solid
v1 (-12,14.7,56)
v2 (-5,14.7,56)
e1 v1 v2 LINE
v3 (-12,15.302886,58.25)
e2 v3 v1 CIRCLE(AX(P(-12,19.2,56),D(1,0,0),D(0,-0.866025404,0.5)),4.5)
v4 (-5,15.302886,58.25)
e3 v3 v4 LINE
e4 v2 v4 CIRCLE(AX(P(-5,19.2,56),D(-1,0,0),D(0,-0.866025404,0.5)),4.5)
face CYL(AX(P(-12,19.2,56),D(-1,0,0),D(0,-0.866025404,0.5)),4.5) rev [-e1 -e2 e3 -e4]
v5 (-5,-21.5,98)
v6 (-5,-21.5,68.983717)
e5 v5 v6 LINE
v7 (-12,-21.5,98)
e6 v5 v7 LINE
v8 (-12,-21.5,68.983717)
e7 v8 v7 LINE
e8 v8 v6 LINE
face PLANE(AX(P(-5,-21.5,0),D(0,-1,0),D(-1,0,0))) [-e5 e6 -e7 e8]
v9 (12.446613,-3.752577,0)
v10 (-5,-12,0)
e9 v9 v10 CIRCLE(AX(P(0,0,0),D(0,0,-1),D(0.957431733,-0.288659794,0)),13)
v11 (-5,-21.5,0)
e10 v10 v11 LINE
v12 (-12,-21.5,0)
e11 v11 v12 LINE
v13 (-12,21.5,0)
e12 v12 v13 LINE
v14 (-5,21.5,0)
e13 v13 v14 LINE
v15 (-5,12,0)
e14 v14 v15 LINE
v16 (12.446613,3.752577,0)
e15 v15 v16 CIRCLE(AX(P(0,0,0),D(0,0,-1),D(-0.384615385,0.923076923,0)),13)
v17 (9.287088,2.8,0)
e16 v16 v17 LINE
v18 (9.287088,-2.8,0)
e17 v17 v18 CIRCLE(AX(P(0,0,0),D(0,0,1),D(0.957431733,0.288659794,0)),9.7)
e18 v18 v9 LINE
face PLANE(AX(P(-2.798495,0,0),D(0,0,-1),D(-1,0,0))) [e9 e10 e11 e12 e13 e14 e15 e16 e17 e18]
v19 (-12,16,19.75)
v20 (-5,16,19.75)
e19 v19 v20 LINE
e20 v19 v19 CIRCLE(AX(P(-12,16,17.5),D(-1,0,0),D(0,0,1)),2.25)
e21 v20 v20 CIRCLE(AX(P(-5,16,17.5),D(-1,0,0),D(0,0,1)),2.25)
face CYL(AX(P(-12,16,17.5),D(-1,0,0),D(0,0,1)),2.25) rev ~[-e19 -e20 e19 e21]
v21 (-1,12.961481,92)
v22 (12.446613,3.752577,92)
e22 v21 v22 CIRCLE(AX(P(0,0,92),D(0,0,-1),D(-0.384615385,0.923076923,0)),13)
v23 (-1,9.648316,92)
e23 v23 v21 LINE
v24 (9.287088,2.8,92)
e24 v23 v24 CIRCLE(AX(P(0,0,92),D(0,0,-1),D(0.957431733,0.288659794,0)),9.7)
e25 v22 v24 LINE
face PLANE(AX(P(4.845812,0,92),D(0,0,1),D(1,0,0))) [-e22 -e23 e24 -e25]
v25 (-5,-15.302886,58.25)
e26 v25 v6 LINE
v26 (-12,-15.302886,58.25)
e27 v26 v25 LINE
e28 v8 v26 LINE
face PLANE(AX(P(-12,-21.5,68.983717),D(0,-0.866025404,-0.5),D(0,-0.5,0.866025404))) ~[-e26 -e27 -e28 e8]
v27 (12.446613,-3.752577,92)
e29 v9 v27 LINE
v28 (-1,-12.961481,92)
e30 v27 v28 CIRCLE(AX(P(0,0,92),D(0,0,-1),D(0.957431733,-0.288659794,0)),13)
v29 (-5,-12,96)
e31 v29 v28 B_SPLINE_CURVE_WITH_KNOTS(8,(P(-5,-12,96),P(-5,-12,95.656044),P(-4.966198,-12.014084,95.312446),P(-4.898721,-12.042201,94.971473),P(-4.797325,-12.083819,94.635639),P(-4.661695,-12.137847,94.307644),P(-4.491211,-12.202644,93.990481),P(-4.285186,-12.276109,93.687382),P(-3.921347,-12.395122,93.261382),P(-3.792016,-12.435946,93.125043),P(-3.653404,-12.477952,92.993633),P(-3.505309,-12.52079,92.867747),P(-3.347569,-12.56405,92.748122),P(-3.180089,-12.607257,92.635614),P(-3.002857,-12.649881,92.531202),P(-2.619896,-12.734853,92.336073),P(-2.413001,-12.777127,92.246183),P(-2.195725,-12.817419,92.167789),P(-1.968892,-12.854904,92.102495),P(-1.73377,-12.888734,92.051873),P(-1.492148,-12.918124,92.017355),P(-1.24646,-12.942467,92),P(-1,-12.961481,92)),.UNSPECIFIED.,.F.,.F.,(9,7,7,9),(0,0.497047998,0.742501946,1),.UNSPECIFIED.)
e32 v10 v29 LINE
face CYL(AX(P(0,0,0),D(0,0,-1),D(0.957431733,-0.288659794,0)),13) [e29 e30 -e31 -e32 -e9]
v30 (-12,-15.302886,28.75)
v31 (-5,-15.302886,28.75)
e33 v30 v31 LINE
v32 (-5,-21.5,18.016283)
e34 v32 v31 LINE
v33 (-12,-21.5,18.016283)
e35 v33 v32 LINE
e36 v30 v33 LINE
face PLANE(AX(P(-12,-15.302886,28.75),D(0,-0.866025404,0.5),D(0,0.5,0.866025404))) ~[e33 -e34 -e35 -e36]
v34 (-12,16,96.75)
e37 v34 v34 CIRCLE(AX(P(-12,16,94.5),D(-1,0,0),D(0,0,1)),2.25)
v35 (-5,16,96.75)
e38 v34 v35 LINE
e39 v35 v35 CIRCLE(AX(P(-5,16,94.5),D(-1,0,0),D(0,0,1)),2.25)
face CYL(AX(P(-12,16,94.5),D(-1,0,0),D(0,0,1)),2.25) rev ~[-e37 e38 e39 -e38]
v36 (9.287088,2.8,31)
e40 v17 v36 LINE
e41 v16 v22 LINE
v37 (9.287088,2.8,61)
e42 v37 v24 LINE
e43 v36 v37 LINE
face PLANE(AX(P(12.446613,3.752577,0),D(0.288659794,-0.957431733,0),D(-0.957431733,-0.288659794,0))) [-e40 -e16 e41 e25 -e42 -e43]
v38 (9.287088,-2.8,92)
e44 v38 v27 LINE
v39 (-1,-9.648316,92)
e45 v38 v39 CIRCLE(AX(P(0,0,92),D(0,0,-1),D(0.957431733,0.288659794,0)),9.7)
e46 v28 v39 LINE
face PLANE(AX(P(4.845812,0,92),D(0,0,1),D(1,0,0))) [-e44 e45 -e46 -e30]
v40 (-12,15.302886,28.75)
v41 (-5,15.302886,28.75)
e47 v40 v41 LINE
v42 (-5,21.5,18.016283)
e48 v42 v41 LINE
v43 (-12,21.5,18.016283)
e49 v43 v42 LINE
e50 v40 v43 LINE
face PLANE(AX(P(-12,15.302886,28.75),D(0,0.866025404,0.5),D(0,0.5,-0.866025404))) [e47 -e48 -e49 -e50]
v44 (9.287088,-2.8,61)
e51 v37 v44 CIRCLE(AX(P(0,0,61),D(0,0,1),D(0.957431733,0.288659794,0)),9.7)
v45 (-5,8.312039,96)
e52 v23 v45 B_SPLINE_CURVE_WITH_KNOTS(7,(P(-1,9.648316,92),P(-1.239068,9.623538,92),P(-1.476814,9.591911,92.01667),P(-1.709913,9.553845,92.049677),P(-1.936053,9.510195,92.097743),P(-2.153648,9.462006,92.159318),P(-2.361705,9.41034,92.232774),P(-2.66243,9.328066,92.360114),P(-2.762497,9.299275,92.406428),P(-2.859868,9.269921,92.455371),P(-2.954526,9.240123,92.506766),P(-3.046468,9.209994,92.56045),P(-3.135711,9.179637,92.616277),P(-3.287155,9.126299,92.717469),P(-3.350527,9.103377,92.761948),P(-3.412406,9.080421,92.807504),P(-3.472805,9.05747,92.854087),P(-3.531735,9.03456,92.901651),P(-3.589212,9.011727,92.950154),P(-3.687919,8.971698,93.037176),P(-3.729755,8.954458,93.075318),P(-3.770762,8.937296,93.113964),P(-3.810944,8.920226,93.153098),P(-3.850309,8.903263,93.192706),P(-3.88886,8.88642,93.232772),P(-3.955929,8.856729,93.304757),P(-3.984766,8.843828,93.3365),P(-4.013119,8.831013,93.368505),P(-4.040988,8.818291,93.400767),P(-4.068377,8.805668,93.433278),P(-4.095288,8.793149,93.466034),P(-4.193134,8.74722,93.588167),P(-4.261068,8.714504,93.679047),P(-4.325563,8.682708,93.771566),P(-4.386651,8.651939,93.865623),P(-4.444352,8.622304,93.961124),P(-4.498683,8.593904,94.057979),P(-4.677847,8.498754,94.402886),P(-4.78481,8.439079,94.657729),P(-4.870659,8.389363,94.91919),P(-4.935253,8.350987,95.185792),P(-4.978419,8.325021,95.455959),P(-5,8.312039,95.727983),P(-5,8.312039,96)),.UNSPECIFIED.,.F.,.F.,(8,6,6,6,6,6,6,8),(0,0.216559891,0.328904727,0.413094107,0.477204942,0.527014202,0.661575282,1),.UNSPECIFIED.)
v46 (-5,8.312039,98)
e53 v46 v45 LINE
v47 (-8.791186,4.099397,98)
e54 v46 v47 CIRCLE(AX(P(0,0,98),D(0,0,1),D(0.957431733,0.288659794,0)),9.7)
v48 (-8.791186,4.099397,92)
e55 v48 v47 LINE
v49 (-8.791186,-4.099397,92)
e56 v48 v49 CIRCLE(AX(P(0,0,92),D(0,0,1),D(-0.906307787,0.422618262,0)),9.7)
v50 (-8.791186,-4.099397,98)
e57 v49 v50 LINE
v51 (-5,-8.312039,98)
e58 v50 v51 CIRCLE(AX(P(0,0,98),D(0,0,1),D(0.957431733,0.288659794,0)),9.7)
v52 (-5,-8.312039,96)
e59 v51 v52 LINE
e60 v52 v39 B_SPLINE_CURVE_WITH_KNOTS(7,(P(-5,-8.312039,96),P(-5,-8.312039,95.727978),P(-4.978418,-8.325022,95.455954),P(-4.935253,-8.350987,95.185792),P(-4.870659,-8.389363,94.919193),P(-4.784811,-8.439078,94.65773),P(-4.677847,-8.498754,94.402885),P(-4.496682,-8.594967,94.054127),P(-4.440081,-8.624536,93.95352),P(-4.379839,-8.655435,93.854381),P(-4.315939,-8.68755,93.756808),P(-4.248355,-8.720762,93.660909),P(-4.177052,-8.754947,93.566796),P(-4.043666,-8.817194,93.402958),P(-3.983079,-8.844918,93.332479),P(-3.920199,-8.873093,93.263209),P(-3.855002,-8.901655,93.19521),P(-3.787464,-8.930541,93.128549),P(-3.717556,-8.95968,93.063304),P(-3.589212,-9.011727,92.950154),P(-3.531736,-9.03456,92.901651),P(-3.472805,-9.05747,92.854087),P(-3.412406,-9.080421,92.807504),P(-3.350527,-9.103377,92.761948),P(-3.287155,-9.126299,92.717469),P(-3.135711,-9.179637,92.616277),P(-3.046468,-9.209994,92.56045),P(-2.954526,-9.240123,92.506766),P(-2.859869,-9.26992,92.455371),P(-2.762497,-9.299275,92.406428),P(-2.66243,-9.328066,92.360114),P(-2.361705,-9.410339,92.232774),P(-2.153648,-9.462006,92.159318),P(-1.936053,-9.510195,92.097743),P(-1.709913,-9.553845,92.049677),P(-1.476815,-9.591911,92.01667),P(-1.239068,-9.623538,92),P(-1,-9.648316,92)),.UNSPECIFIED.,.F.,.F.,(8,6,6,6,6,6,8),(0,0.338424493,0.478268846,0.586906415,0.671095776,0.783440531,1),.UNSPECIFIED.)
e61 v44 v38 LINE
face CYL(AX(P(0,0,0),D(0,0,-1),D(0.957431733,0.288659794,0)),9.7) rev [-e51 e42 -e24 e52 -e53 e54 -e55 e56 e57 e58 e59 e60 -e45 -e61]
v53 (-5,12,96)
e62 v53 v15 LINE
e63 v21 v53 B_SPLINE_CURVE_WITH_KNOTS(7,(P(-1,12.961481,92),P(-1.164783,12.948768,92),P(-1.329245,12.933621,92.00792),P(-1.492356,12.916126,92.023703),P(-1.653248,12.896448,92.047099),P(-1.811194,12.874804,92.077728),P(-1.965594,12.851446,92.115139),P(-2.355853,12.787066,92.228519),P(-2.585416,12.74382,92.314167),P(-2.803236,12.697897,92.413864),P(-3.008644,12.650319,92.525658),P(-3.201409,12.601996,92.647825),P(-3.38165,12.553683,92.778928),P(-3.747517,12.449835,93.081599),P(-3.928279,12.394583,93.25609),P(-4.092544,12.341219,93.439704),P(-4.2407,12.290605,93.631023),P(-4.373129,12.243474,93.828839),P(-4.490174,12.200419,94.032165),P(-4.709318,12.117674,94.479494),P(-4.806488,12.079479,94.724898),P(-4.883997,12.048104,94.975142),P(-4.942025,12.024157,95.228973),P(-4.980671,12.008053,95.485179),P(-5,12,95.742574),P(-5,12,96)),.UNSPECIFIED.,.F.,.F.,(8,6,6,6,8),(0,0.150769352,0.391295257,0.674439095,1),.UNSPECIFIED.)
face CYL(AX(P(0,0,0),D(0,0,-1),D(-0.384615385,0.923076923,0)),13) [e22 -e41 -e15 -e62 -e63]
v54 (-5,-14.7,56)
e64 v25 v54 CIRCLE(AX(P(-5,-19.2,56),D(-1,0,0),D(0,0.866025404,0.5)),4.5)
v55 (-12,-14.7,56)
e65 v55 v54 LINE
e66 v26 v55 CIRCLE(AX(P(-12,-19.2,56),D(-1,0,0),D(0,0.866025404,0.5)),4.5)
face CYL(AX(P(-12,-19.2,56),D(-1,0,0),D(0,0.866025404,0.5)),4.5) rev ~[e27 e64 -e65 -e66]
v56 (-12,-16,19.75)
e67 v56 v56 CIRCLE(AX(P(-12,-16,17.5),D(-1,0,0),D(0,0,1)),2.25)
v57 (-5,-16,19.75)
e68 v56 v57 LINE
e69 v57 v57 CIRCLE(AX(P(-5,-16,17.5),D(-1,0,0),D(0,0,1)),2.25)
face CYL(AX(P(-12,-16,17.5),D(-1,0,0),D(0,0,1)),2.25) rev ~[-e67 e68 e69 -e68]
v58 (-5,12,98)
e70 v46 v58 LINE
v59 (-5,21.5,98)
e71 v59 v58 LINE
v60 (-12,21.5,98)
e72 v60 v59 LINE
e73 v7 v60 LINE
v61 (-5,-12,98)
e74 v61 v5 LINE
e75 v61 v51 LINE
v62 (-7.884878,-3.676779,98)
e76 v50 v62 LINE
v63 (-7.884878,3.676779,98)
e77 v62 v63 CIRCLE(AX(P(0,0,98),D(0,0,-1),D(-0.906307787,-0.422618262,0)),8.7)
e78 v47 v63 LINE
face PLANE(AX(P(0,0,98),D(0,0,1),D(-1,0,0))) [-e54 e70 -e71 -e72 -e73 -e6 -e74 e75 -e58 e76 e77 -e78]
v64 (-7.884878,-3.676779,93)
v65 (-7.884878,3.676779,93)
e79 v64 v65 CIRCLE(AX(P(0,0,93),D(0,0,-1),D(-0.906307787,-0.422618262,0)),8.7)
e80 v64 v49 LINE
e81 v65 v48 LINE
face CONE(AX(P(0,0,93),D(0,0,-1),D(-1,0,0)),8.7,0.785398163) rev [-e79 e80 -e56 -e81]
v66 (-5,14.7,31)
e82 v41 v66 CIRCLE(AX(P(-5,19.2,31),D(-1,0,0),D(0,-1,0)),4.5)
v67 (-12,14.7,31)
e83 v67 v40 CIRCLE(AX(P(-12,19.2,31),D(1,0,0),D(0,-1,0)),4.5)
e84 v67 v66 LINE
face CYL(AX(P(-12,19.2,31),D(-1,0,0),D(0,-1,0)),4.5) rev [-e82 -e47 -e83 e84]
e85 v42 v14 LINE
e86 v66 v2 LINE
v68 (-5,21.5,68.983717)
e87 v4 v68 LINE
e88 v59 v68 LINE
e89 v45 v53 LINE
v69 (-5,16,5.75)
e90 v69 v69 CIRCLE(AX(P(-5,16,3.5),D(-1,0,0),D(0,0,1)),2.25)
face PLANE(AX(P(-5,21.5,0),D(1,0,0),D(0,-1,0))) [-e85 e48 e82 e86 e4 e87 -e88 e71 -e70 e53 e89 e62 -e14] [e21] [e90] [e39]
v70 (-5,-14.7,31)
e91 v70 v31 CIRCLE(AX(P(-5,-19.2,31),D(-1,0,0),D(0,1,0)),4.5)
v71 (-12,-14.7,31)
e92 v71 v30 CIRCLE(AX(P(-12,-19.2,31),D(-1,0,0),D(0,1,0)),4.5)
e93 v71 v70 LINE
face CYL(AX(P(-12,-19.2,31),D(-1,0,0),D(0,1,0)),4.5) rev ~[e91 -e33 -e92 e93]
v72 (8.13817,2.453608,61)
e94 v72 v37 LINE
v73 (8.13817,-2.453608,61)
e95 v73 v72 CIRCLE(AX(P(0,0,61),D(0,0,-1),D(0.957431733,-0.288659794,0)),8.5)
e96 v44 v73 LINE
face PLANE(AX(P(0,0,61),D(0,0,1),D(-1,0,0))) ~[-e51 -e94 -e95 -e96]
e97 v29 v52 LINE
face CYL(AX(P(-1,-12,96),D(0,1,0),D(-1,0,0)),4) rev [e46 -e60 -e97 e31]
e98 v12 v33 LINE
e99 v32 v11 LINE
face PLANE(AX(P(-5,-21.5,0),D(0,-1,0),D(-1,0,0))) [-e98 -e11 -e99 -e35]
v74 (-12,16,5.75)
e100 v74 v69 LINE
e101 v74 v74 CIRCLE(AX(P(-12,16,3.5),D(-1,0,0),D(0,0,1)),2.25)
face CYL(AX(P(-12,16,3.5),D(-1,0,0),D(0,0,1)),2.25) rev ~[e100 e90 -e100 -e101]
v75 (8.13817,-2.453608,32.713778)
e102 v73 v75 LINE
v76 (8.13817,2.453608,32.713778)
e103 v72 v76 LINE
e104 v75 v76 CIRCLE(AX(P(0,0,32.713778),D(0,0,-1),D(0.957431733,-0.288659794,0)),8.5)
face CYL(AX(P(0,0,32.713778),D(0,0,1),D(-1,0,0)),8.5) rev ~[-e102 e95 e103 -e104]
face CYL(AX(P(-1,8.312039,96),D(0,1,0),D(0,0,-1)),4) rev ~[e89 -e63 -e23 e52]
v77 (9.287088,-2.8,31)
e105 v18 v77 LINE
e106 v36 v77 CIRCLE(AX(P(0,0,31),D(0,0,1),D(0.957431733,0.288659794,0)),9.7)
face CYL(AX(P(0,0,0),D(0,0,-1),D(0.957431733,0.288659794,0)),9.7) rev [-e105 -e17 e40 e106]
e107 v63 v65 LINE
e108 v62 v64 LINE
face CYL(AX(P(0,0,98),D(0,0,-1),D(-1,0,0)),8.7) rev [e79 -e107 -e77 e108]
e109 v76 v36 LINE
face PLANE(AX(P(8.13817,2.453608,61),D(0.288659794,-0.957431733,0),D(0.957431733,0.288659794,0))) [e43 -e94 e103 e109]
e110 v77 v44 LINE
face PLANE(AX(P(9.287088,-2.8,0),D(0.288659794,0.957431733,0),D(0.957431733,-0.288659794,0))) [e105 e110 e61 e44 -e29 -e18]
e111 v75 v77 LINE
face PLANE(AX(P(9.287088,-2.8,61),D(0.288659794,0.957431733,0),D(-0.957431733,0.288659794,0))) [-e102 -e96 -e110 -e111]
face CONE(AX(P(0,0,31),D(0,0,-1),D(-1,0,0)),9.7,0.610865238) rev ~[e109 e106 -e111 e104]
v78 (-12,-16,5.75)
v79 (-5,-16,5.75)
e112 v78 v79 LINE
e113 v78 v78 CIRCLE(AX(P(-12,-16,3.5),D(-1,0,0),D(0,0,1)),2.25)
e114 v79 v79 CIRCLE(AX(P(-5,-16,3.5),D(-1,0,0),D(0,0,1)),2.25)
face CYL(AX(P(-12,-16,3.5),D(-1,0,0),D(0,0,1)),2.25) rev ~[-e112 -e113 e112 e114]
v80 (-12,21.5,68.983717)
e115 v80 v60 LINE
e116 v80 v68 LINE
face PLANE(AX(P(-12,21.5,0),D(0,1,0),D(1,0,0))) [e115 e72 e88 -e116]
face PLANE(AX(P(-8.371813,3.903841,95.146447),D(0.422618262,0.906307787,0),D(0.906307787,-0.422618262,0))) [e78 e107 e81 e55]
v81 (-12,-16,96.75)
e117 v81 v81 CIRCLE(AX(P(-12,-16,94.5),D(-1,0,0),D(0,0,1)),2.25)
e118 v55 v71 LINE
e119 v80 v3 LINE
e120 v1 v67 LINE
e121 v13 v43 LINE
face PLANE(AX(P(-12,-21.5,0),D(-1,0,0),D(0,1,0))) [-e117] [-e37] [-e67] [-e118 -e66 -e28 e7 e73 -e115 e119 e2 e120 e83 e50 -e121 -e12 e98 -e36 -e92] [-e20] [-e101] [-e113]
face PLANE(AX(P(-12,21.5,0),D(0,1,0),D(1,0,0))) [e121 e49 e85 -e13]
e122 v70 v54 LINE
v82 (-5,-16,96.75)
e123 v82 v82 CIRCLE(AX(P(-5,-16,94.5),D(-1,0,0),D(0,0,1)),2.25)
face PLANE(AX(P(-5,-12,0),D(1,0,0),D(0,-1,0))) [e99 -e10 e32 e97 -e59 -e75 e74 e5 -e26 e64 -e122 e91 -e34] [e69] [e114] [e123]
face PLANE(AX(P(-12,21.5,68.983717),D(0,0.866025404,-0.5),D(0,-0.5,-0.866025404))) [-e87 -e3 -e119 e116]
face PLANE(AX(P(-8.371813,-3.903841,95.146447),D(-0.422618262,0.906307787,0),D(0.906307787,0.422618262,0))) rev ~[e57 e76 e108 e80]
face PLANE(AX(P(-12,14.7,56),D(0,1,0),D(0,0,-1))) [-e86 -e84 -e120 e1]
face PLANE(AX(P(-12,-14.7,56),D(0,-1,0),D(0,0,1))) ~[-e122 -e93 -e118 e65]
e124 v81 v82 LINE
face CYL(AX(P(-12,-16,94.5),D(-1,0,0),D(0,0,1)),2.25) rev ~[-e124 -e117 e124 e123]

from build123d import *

# Parameters (mm, degrees)
BOSS_EXTRUDE1_DEPTH      = 98
SKETCH2_R                = 2.25
CUT_EXTRUDE1_DEPTH       = 25.44661253
SKETCH4_W                = 19.691623847
SKETCH4_H                = 43
CUT_EXTRUDE2_DEPTH       = 6
FILLET1_R                = 4
CUT_EXTRUDE3_DEPTH       = 62.0000001
CUT_EXTRUDE4_DEPTH       = 25.44661263
REVOLVE2_ANGLE           = 25
REVOLVE2_OTHER_WAY_ANGLE = 25


with BuildPart() as part:
    # Sketch1 → Boss-Extrude1 (new body)
    with BuildSketch(Plane.XY):
        with BuildLine():
            Line((-5, -12), (-5, -21.5))
            Line((-5, -21.5), (-12, -21.5))
            Line((-12, -21.5), (-12, 21.5))
            Line((-12, 21.5), (-5, 21.5))
            Line((-5, 21.5), (-5, 12))
            ThreePointArc((-5, 12), (5.555898195, 11.752956872), (12.44661253, 3.75257732))
            Line((12.44661253, 3.75257732), (9.287087811, 2.8))
            ThreePointArc((9.287087811, 2.8), (-9.7, 0), (9.287087811, -2.8))
            Line((9.287087811, -2.8), (12.44661253, -3.75257732))
            ThreePointArc((12.44661253, -3.75257732), (5.555898195, -11.752956872), (-5, -12))
        make_face()
    extrude(amount=BOSS_EXTRUDE1_DEPTH)

    # Sketch2 → Cut-Extrude1 (cut, through all)
    with BuildSketch(Plane.ZY.offset(12)):
        with Locations((3.5, 16)):
            Circle(SKETCH2_R)
        with Locations((94.5, -16)):
            Circle(SKETCH2_R)
        with Locations((94.5, 16)):
            Circle(SKETCH2_R)
        with Locations((3.5, -16)):
            Circle(SKETCH2_R)
        with Locations((17.5, 16)):
            Circle(SKETCH2_R)
        with Locations((17.5, -16)):
            Circle(SKETCH2_R)
    extrude(amount=-CUT_EXTRUDE1_DEPTH, mode=Mode.SUBTRACT)

    # Sketch3 → Revolve1 (revolve)
    with BuildSketch(Plane.ZY, mode=Mode.PRIVATE) as revolve1_sk:
        Polygon((31, 9.7), (32.713777608, 8.5), (61, 8.5), (61, 9.7), align=None)
    revolve(revolve1_sk.sketch.rotate(Axis((0, 0, 0), (0, 0, 1)), 90), axis=Axis((0, 0, 0), (0, 0, 1)))  # turned: the seam where the file's is

    # Sketch4 → Cut-Extrude2 (cut)
    with BuildSketch(Plane.XY.offset(98)):
        with Locations((4.845811924, 0)):
            Rectangle(SKETCH4_W, SKETCH4_H)
    extrude(amount=-CUT_EXTRUDE2_DEPTH, mode=Mode.SUBTRACT)

    # Fillet1
    fillet1_edges = [part.edges().sort_by_distance(p)[0] for p in [
        (-5, 10.15601973, 92),
        (-5, -10.15601973, 92),
    ]]
    fillet(fillet1_edges, radius=FILLET1_R)

    # Sketch5 → Cut-Extrude3 (cut, through all)
    with BuildSketch(Plane.XY.offset(61)):
        with BuildLine():
            Line((8.138169731, 2.453608247), (9.287087811, 2.8))
            ThreePointArc((9.287087811, 2.8), (9.7, 0), (9.287087811, -2.8))
            Line((9.287087811, -2.8), (8.138169731, -2.453608247))
            ThreePointArc((8.138169731, -2.453608247), (8.5, 0), (8.138169731, 2.453608247))
        make_face()
    extrude(amount=-CUT_EXTRUDE3_DEPTH, mode=Mode.SUBTRACT)

    # Sketch6 → Cut-Extrude4 (cut, through all)
    with BuildSketch(Plane.ZY.offset(12)):
        with BuildLine():
            Line((28.75, 15.302885683), (18.016283143, 21.5))
            Line((18.016283143, 21.5), (68.983716857, 21.5))
            Line((68.983716857, 21.5), (58.25, 15.302885683))
            ThreePointArc((58.25, 15.302885683), (57.164685703, 14.853333782), (56, 14.7))
            Line((56, 14.7), (31, 14.7))
            ThreePointArc((31, 14.7), (29.835314297, 14.853333782), (28.75, 15.302885683))
        make_face()
    cut_extrude4 = extrude(amount=-CUT_EXTRUDE4_DEPTH, mode=Mode.SUBTRACT)

    # Mirror1: Cut-Extrude4 across plane
    add(cut_extrude4.mirror(Plane.ZX), mode=Mode.SUBTRACT)

    # Sketch7 → Revolve2 (revolve)
    with BuildSketch(Plane(origin=(0, 0, 0), x_dir=(1, 0, 0), z_dir=(0, 1, 0))):
        Polygon((-9.7, -92), (-9.7, -98), (-8.7, -98), (-8.7, -93), align=None)
    revolve(axis=Axis((0, 0, 97.129634248), (0, 0, -1)), revolution_arc=REVOLVE2_ANGLE)

    # Sketch7 → Revolve2 other way (revolve)
    with BuildSketch(Plane(origin=(0, 0, 0), x_dir=(1, 0, 0), z_dir=(0, 1, 0))):
        Polygon((-9.7, -92), (-9.7, -98), (-8.7, -98), (-8.7, -93), align=None)
    revolve(axis=Axis((0, 0, 97.129634248), (0, 0, 1)), revolution_arc=REVOLVE2_OTHER_WAY_ANGLE)


solid = part.part
